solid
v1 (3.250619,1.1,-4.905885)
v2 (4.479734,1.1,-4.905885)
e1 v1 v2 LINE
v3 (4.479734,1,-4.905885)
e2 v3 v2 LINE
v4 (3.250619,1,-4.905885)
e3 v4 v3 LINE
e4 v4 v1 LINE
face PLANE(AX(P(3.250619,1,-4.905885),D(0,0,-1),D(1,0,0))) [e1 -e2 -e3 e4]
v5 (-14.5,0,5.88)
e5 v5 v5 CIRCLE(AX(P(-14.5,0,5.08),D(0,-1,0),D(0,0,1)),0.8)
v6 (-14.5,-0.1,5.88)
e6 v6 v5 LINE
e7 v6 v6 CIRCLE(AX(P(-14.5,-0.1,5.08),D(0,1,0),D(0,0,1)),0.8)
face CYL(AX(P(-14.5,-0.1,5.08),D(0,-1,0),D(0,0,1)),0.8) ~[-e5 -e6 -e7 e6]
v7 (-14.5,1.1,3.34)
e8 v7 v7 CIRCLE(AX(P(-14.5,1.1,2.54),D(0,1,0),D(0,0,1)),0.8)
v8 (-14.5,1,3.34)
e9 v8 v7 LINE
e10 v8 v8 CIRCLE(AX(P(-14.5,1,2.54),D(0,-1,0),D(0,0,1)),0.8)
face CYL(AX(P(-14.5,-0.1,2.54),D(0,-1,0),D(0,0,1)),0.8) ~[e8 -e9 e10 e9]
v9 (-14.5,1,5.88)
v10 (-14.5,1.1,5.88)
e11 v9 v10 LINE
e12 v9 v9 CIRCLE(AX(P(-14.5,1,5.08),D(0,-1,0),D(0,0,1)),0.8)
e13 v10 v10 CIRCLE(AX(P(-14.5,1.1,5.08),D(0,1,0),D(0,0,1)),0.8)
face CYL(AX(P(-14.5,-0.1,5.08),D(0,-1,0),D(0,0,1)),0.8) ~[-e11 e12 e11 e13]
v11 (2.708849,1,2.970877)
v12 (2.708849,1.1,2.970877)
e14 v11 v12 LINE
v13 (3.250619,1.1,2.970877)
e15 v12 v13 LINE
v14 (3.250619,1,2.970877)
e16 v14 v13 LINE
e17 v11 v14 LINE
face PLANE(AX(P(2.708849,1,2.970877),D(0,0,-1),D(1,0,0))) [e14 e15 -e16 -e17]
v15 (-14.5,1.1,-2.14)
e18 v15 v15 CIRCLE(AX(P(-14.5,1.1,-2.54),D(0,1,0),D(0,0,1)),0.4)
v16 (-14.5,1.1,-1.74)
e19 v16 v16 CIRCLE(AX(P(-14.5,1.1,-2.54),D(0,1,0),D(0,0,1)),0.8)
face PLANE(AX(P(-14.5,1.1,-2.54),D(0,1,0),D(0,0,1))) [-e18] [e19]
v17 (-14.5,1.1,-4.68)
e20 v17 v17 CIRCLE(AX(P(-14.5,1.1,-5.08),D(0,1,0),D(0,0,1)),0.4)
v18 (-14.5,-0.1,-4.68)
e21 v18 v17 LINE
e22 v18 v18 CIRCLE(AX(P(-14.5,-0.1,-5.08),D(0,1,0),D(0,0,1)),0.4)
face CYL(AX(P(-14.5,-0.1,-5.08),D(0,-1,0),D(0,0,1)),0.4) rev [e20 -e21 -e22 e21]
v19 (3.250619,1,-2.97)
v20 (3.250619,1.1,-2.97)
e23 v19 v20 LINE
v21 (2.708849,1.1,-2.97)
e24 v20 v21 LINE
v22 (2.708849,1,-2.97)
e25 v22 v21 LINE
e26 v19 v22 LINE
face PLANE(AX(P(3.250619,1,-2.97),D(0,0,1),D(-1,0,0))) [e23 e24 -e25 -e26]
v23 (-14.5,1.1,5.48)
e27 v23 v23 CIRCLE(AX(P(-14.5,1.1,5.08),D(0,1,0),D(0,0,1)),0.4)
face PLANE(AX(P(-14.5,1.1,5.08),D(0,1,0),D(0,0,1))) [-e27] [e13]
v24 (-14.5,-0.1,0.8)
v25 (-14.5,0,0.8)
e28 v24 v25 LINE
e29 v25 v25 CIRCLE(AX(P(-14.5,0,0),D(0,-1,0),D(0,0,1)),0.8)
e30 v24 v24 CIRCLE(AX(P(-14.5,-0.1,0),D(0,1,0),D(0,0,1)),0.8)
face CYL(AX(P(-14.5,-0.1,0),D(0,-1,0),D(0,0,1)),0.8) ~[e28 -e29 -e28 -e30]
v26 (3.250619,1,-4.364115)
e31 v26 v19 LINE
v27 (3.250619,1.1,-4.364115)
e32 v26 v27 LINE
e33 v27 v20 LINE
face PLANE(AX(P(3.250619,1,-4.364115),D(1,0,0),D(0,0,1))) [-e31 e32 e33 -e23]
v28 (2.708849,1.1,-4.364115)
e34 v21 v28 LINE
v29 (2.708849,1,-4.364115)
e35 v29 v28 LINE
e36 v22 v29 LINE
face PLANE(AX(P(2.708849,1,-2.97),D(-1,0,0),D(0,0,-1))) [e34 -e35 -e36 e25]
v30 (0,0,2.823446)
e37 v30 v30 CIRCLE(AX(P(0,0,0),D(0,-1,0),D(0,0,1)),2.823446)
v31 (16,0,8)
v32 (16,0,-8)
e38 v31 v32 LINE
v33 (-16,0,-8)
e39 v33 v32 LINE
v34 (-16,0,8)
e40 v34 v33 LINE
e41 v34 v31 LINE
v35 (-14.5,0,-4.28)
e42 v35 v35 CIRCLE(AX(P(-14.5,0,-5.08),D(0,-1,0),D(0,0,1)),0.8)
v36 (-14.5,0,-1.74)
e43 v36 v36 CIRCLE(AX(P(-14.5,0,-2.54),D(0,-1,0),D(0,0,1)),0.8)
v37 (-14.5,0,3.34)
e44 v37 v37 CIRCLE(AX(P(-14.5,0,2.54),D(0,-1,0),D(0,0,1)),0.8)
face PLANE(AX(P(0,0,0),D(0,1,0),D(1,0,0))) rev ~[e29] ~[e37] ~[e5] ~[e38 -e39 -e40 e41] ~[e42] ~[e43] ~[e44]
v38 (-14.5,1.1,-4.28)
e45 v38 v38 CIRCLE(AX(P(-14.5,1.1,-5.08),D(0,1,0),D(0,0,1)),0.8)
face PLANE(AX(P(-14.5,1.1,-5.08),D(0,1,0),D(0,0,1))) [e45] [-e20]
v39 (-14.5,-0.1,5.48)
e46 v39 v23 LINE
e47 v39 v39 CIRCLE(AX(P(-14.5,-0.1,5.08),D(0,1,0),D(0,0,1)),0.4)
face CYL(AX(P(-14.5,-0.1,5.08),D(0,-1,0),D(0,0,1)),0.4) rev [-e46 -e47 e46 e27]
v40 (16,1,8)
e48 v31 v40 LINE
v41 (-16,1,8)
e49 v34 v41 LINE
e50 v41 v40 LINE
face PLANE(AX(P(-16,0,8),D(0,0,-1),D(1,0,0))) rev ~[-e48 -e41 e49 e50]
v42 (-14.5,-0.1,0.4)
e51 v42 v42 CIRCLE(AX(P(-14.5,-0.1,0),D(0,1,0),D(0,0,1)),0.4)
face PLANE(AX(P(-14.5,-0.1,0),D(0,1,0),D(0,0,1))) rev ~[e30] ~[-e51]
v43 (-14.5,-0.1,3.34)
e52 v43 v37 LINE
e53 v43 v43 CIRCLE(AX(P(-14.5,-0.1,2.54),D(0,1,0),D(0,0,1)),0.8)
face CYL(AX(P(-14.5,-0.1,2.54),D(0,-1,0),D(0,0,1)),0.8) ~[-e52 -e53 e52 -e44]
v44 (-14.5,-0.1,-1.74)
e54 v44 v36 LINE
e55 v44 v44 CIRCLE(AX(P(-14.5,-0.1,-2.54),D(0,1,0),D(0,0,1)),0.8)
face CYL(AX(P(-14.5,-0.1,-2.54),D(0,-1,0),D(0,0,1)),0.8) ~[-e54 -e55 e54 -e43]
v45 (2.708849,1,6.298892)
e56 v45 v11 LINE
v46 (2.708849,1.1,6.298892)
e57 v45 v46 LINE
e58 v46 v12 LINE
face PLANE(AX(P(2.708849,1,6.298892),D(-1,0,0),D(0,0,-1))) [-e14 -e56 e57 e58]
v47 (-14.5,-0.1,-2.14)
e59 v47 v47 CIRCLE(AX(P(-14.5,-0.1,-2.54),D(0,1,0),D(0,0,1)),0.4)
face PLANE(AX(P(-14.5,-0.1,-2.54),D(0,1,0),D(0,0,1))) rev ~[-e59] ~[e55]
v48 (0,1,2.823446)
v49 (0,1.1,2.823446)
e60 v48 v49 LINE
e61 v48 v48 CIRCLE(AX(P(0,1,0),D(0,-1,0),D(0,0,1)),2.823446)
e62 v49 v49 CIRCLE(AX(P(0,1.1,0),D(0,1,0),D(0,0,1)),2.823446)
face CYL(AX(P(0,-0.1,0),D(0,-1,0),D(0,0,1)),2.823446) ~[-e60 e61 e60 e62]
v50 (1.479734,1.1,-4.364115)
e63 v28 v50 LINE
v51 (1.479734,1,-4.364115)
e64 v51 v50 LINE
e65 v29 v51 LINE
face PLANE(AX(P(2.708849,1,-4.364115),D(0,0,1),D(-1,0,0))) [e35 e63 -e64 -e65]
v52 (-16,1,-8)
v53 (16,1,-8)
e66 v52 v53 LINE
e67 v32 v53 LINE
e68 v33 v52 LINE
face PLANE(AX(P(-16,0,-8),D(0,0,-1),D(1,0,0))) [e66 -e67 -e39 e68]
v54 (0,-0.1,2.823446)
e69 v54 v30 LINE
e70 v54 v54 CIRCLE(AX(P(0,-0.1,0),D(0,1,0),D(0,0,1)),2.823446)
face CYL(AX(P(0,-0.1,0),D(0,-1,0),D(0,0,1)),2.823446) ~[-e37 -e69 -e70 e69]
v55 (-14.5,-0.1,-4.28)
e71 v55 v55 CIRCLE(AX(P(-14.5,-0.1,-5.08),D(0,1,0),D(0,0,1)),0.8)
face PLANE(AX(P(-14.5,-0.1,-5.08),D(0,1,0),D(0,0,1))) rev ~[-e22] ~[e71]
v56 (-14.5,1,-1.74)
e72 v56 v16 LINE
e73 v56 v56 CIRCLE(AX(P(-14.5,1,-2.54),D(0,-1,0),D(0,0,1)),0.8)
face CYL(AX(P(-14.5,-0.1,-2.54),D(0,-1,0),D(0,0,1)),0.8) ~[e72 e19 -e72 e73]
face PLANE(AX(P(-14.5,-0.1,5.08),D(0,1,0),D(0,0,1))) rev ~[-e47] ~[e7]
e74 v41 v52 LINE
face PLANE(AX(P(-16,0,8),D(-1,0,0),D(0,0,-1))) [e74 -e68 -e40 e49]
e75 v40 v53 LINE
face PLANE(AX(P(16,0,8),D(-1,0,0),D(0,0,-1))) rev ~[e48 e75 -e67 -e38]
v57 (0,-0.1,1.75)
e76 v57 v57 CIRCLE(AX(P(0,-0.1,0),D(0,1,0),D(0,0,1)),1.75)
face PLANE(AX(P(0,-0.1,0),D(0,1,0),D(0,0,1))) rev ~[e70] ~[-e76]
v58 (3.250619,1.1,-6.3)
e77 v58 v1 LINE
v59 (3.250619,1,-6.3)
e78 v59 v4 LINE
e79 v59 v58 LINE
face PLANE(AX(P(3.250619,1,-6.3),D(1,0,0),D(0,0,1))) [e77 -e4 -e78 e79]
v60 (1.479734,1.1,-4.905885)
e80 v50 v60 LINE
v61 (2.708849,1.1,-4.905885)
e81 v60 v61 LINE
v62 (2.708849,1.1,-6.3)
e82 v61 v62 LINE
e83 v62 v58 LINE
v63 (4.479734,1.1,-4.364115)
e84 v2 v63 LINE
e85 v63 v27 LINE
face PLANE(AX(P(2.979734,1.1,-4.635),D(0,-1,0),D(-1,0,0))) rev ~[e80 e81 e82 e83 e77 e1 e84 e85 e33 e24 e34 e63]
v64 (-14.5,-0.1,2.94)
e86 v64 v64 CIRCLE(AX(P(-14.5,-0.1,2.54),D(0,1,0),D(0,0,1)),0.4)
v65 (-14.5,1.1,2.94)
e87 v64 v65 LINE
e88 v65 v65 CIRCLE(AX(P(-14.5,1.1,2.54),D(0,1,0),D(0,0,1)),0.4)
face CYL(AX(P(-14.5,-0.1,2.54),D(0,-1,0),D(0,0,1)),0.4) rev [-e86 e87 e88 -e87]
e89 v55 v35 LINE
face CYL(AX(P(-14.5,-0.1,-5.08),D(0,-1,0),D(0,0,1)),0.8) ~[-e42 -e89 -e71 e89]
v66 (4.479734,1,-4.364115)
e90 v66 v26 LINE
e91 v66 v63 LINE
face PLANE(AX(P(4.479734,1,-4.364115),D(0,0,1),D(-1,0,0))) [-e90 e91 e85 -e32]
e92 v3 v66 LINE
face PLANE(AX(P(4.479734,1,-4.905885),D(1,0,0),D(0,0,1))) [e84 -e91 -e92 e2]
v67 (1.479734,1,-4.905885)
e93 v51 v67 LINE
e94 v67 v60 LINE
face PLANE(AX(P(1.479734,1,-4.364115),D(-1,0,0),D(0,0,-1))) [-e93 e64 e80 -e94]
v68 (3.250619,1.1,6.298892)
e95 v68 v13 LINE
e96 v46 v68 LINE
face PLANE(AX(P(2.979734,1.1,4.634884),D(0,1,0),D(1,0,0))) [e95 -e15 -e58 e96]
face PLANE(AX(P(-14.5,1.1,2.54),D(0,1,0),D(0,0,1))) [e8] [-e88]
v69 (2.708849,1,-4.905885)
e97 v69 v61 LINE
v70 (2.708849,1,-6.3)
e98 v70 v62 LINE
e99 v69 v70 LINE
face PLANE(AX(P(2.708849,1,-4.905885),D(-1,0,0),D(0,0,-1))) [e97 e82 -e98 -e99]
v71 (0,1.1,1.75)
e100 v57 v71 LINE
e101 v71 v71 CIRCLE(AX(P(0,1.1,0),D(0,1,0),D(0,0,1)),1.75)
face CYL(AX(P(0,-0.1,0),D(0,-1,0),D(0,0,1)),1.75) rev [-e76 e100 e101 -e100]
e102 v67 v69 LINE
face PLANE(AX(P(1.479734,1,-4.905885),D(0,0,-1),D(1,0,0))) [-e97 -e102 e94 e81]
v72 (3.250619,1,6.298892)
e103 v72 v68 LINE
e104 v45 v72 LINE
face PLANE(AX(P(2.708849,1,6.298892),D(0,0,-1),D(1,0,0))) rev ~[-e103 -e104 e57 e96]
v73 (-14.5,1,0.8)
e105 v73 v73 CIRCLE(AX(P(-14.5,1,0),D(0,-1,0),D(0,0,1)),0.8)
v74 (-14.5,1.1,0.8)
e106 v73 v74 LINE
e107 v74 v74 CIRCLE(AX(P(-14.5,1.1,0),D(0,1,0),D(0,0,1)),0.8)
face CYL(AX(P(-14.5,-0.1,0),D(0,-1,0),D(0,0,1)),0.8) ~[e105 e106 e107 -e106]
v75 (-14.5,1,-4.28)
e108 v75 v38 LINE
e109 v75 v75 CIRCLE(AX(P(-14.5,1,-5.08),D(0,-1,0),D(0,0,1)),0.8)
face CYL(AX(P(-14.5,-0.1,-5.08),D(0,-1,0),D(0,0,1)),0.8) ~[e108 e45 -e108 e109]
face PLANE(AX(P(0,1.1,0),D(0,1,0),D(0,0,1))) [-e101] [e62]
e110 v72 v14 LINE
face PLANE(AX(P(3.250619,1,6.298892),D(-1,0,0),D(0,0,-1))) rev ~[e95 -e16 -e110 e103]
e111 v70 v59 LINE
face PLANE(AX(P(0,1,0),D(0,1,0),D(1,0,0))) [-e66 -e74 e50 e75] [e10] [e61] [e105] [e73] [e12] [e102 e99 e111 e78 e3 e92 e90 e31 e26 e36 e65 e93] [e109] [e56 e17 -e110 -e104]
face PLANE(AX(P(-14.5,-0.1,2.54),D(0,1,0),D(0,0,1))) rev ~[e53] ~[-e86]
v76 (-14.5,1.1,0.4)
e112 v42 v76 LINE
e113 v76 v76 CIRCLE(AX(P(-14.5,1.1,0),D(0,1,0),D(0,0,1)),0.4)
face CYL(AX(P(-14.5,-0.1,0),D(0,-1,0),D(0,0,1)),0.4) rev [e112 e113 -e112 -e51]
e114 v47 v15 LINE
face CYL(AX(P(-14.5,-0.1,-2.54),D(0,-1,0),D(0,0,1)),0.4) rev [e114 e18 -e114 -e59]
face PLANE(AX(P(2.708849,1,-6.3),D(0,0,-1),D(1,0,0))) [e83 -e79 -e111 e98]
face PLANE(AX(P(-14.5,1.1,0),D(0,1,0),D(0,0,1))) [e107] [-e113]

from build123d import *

# Parameters (mm, degrees)
SKETCH1_W                = 32
SKETCH1_H                = 16
BOSS_EXTRUDE1_DEPTH      = 1
SKETCH2_R                = 1.75
SKETCH2_R_2              = 0.4
CUT_EXTRUDE1_DEPTH       = 1
BOSS_EXTRUDE2_DEPTH      = 0.1
BOSS_EXTRUDE2_DEPTH_BACK = 1.1
SKETCH3_R                = 0.8
SKETCH3_R_2              = 0.4
SKETCH3_R_3              = 2.823446158
SKETCH3_R_4              = 1.75
SKETCH4_W                = 0.541769891
SKETCH4_H                = 3.328015046
BOSS_EXTRUDE3_DEPTH      = 0.1


with BuildPart() as part:
    # Sketch1 → Boss-Extrude1 (new body)
    with BuildSketch(Plane(origin=(0, 0, 0), x_dir=(1, 0, 0), z_dir=(0, 1, 0))):
        Rectangle(SKETCH1_W, SKETCH1_H)
    extrude(amount=BOSS_EXTRUDE1_DEPTH)

    # Sketch2 → Cut-Extrude1 (cut)
    with BuildSketch(Plane(origin=(0, 1, 0), x_dir=(1, 0, 0), z_dir=(0, 1, 0))):
        with Locations(Location((0, 0, 0), (0, 0, 270))):
            Circle(SKETCH2_R)
        with Locations(Location((-14.5, -5.08, 0), (0, 0, 270))):
            Circle(SKETCH2_R_2)
        with Locations(Location((-14.5, -2.54, 0), (0, 0, 270))):
            Circle(SKETCH2_R_2)
        with Locations(Location((-14.5, 0, 0), (0, 0, 270))):
            Circle(SKETCH2_R_2)
        with Locations(Location((-14.5, 2.54, 0), (0, 0, 270))):
            Circle(SKETCH2_R_2)
        with Locations(Location((-14.5, 5.08, 0), (0, 0, 270))):
            Circle(SKETCH2_R_2)
    extrude(amount=-CUT_EXTRUDE1_DEPTH, mode=Mode.SUBTRACT)

    # Sketch3 → Boss-Extrude2 (add, two sides: drawn at the far end of the back side and taken through both)
    # profile 1 of 6: a face of its own
    with BuildSketch(Plane(origin=(0, 1, 0), x_dir=(1, 0, 0), z_dir=(0, 1, 0)).offset(-BOSS_EXTRUDE2_DEPTH_BACK)):
        with Locations(Location((-14.5, 5.08, 0), (0, 0, 270))):
            Circle(SKETCH3_R)
        with Locations(Location((-14.5, 5.08, 0), (0, 0, 270))):
            Circle(SKETCH3_R_2, mode=Mode.SUBTRACT)
    # profile 2 of 6: a face of its own
    with BuildSketch(Plane(origin=(0, 1, 0), x_dir=(1, 0, 0), z_dir=(0, 1, 0)).offset(-BOSS_EXTRUDE2_DEPTH_BACK)):
        with Locations(Location((-14.5, 2.54, 0), (0, 0, 270))):
            Circle(SKETCH3_R)
        with Locations(Location((-14.5, 2.54, 0), (0, 0, 270))):
            Circle(SKETCH3_R_2, mode=Mode.SUBTRACT)
    # profile 3 of 6: a face of its own
    with BuildSketch(Plane(origin=(0, 1, 0), x_dir=(1, 0, 0), z_dir=(0, 1, 0)).offset(-BOSS_EXTRUDE2_DEPTH_BACK)):
        with Locations(Location((-14.5, 0, 0), (0, 0, 270))):
            Circle(SKETCH3_R)
        with Locations(Location((-14.5, 0, 0), (0, 0, 270))):
            Circle(SKETCH3_R_2, mode=Mode.SUBTRACT)
    # profile 4 of 6: a face of its own
    with BuildSketch(Plane(origin=(0, 1, 0), x_dir=(1, 0, 0), z_dir=(0, 1, 0)).offset(-BOSS_EXTRUDE2_DEPTH_BACK)):
        with Locations(Location((-14.5, -2.54, 0), (0, 0, 270))):
            Circle(SKETCH3_R)
        with Locations(Location((-14.5, -2.54, 0), (0, 0, 270))):
            Circle(SKETCH3_R_2, mode=Mode.SUBTRACT)
    # profile 5 of 6: a face of its own
    with BuildSketch(Plane(origin=(0, 1, 0), x_dir=(1, 0, 0), z_dir=(0, 1, 0)).offset(-BOSS_EXTRUDE2_DEPTH_BACK)):
        with Locations(Location((-14.5, -5.08, 0), (0, 0, 270))):
            Circle(SKETCH3_R)
        with Locations(Location((-14.5, -5.08, 0), (0, 0, 270))):
            Circle(SKETCH3_R_2, mode=Mode.SUBTRACT)
    # profile 6 of 6: a face of its own
    with BuildSketch(Plane(origin=(0, 1, 0), x_dir=(1, 0, 0), z_dir=(0, 1, 0)).offset(-BOSS_EXTRUDE2_DEPTH_BACK)):
        with Locations(Location((0, 0, 0), (0, 0, 270))):
            Circle(SKETCH3_R_3)
        with Locations(Location((0, 0, 0), (0, 0, 270))):
            Circle(SKETCH3_R_4, mode=Mode.SUBTRACT)
    extrude(amount=BOSS_EXTRUDE2_DEPTH + BOSS_EXTRUDE2_DEPTH_BACK)

    # Sketch4 → Boss-Extrude3 (add)
    with BuildSketch(Plane(origin=(0, 1, 0), x_dir=(1, 0, 0), z_dir=(0, 1, 0))):
        Polygon((3.250619348, 6.3), (3.250619348, 4.905884946), (4.479734402, 4.905884946), (4.479734402, 4.364115054), (3.250619348, 4.364115054), (3.250619348, 2.97), (2.708849457, 2.97), (2.708849457, 4.364115054), (1.479734402, 4.364115054), (1.479734402, 4.905884946), (2.708849457, 4.905884946), (2.708849457, 6.3), align=None)
        with Locations((2.979734403, -4.634884299)):
            Rectangle(SKETCH4_W, SKETCH4_H)
    extrude(amount=BOSS_EXTRUDE3_DEPTH)


solid = part.part
